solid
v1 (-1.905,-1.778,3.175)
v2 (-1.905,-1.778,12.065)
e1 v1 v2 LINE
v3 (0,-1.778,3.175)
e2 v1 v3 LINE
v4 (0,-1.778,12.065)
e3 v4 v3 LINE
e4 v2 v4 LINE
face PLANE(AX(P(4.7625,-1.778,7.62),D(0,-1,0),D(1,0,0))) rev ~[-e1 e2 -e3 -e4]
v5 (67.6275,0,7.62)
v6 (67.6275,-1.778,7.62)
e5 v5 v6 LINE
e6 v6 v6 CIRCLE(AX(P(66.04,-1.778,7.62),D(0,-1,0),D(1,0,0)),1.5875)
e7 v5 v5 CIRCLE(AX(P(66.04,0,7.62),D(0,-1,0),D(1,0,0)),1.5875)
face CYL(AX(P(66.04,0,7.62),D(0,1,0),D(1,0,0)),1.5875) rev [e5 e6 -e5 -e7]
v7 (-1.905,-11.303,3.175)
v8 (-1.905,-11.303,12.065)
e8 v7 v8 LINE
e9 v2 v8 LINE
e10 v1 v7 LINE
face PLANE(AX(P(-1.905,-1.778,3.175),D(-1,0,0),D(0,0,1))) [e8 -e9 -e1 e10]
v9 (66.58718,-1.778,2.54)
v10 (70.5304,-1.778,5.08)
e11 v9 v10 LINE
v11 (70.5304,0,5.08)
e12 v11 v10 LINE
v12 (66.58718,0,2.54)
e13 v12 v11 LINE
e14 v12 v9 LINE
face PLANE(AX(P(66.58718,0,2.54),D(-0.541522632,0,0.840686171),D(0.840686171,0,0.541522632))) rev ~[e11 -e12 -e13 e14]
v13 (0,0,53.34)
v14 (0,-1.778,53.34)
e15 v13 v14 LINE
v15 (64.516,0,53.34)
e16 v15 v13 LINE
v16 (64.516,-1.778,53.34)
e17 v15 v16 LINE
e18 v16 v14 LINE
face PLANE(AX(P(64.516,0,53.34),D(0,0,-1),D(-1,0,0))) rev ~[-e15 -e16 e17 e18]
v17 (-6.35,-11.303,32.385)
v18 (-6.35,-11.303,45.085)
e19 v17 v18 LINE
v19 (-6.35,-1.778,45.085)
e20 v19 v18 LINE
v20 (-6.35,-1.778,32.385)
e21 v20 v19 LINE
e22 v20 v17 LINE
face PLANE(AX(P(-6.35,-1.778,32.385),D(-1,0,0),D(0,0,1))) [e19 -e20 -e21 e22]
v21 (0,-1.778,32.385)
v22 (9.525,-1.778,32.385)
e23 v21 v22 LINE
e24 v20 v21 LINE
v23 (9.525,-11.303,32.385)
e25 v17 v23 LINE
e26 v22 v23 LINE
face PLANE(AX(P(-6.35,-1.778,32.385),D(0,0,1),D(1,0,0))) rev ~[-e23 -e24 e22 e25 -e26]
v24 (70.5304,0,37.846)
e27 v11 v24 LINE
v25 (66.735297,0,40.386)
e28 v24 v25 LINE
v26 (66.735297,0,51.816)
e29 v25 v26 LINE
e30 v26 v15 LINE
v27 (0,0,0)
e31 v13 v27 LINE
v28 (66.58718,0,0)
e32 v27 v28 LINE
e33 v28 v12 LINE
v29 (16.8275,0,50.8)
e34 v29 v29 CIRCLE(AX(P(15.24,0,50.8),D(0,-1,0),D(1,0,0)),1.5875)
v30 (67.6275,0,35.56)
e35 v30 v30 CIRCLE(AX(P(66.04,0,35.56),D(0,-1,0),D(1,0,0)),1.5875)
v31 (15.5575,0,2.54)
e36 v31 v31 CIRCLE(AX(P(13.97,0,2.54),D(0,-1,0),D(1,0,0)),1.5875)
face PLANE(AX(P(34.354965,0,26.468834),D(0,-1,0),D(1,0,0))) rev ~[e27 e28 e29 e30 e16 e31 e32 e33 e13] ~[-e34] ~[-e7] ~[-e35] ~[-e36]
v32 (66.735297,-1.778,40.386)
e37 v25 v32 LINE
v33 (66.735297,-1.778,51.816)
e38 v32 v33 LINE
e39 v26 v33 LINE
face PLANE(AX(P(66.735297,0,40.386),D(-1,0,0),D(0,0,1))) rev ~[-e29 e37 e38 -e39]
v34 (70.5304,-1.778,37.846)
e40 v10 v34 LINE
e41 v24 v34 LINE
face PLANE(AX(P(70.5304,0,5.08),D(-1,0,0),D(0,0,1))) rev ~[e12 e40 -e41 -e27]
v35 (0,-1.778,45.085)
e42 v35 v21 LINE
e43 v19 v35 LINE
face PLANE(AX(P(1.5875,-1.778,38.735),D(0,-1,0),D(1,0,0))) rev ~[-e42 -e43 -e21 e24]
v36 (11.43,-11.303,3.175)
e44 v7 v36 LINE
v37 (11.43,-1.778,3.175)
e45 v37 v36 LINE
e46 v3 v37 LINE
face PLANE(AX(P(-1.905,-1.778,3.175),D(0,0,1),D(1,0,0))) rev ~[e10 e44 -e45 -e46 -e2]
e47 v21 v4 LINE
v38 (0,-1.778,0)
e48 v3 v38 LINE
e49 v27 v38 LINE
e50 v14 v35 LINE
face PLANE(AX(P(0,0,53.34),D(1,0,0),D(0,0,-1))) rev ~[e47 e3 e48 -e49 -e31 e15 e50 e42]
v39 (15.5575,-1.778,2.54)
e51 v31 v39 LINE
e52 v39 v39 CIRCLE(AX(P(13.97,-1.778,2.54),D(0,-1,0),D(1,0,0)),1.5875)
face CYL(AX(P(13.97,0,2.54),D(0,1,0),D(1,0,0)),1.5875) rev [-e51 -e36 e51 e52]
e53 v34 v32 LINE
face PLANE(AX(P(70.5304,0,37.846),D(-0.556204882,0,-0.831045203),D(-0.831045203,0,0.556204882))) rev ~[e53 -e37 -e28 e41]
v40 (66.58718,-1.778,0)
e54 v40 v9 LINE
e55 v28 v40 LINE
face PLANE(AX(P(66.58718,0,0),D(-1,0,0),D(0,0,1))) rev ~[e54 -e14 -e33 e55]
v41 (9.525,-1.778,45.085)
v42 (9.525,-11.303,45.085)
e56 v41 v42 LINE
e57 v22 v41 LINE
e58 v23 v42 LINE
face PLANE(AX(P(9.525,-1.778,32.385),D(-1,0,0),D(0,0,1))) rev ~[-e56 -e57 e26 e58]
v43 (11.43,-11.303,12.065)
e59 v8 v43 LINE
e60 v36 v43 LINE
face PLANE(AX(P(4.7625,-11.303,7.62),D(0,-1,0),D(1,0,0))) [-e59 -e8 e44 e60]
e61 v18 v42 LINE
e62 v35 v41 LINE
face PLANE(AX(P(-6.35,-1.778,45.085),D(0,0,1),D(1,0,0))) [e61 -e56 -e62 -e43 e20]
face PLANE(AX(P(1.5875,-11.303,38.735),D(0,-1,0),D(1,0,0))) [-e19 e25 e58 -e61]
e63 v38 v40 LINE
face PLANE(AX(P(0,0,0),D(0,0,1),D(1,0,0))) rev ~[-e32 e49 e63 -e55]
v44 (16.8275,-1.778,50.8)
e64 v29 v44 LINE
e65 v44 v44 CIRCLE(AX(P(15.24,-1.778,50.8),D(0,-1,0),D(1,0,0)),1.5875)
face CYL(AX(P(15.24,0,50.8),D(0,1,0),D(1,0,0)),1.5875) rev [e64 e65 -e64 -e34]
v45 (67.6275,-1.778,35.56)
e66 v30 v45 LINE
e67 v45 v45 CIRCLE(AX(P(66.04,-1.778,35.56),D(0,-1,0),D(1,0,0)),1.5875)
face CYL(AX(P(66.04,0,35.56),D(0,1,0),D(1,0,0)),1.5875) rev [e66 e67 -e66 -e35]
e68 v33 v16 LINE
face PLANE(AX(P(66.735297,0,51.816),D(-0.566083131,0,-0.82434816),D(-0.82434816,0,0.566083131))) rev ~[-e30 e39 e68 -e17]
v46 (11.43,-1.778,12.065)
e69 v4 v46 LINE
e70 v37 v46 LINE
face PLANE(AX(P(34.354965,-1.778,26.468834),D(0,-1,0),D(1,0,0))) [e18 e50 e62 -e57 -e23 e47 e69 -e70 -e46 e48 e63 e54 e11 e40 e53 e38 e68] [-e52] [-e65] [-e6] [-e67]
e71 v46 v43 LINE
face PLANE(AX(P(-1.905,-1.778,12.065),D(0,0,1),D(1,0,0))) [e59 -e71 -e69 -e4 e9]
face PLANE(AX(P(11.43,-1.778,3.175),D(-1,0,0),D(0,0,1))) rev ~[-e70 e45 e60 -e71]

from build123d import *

# Parameters (mm, degrees)
F0_R     = 1.5875
F1_DEPTH = 1.778
F2_W     = 13.335
F2_H     = 8.89
F3_DEPTH = 9.525
F4_W     = 15.875
F4_H     = 12.7
F5_DEPTH = 9.525


with BuildPart() as f1:
    # F0 (on Front) → F1 (new body)
    with BuildSketch(Plane.XZ):
        Polygon((0, 53.34), (0, 0), (66.58718, 0), (66.58718, 2.54), (70.5304, 5.08), (70.5304, 37.846), (66.735297, 40.386), (66.735297, 51.816), (64.516, 53.34), align=None)
        with Locations((13.97, 2.54)):
            Circle(F0_R, mode=Mode.SUBTRACT)
        with Locations((66.04, 7.62)):
            Circle(F0_R, mode=Mode.SUBTRACT)
        with Locations((15.24, 50.8)):
            Circle(F0_R, mode=Mode.SUBTRACT)
        with Locations((66.04, 35.56)):
            Circle(F0_R, mode=Mode.SUBTRACT)
    extrude(amount=F1_DEPTH)

    # F2 (on face) → F3 (join)
    with BuildSketch(Plane.XZ.offset(1.778)):
        with Locations((4.7625, 7.62)):
            Rectangle(F2_W, F2_H)
    extrude(amount=F3_DEPTH)

    # F4 (on face) → F5 (join)
    with BuildSketch(Plane.XZ.offset(1.778)):
        with Locations((1.5875, 38.735)):
            Rectangle(F4_W, F4_H)
    extrude(amount=F5_DEPTH)


solid = f1.part
